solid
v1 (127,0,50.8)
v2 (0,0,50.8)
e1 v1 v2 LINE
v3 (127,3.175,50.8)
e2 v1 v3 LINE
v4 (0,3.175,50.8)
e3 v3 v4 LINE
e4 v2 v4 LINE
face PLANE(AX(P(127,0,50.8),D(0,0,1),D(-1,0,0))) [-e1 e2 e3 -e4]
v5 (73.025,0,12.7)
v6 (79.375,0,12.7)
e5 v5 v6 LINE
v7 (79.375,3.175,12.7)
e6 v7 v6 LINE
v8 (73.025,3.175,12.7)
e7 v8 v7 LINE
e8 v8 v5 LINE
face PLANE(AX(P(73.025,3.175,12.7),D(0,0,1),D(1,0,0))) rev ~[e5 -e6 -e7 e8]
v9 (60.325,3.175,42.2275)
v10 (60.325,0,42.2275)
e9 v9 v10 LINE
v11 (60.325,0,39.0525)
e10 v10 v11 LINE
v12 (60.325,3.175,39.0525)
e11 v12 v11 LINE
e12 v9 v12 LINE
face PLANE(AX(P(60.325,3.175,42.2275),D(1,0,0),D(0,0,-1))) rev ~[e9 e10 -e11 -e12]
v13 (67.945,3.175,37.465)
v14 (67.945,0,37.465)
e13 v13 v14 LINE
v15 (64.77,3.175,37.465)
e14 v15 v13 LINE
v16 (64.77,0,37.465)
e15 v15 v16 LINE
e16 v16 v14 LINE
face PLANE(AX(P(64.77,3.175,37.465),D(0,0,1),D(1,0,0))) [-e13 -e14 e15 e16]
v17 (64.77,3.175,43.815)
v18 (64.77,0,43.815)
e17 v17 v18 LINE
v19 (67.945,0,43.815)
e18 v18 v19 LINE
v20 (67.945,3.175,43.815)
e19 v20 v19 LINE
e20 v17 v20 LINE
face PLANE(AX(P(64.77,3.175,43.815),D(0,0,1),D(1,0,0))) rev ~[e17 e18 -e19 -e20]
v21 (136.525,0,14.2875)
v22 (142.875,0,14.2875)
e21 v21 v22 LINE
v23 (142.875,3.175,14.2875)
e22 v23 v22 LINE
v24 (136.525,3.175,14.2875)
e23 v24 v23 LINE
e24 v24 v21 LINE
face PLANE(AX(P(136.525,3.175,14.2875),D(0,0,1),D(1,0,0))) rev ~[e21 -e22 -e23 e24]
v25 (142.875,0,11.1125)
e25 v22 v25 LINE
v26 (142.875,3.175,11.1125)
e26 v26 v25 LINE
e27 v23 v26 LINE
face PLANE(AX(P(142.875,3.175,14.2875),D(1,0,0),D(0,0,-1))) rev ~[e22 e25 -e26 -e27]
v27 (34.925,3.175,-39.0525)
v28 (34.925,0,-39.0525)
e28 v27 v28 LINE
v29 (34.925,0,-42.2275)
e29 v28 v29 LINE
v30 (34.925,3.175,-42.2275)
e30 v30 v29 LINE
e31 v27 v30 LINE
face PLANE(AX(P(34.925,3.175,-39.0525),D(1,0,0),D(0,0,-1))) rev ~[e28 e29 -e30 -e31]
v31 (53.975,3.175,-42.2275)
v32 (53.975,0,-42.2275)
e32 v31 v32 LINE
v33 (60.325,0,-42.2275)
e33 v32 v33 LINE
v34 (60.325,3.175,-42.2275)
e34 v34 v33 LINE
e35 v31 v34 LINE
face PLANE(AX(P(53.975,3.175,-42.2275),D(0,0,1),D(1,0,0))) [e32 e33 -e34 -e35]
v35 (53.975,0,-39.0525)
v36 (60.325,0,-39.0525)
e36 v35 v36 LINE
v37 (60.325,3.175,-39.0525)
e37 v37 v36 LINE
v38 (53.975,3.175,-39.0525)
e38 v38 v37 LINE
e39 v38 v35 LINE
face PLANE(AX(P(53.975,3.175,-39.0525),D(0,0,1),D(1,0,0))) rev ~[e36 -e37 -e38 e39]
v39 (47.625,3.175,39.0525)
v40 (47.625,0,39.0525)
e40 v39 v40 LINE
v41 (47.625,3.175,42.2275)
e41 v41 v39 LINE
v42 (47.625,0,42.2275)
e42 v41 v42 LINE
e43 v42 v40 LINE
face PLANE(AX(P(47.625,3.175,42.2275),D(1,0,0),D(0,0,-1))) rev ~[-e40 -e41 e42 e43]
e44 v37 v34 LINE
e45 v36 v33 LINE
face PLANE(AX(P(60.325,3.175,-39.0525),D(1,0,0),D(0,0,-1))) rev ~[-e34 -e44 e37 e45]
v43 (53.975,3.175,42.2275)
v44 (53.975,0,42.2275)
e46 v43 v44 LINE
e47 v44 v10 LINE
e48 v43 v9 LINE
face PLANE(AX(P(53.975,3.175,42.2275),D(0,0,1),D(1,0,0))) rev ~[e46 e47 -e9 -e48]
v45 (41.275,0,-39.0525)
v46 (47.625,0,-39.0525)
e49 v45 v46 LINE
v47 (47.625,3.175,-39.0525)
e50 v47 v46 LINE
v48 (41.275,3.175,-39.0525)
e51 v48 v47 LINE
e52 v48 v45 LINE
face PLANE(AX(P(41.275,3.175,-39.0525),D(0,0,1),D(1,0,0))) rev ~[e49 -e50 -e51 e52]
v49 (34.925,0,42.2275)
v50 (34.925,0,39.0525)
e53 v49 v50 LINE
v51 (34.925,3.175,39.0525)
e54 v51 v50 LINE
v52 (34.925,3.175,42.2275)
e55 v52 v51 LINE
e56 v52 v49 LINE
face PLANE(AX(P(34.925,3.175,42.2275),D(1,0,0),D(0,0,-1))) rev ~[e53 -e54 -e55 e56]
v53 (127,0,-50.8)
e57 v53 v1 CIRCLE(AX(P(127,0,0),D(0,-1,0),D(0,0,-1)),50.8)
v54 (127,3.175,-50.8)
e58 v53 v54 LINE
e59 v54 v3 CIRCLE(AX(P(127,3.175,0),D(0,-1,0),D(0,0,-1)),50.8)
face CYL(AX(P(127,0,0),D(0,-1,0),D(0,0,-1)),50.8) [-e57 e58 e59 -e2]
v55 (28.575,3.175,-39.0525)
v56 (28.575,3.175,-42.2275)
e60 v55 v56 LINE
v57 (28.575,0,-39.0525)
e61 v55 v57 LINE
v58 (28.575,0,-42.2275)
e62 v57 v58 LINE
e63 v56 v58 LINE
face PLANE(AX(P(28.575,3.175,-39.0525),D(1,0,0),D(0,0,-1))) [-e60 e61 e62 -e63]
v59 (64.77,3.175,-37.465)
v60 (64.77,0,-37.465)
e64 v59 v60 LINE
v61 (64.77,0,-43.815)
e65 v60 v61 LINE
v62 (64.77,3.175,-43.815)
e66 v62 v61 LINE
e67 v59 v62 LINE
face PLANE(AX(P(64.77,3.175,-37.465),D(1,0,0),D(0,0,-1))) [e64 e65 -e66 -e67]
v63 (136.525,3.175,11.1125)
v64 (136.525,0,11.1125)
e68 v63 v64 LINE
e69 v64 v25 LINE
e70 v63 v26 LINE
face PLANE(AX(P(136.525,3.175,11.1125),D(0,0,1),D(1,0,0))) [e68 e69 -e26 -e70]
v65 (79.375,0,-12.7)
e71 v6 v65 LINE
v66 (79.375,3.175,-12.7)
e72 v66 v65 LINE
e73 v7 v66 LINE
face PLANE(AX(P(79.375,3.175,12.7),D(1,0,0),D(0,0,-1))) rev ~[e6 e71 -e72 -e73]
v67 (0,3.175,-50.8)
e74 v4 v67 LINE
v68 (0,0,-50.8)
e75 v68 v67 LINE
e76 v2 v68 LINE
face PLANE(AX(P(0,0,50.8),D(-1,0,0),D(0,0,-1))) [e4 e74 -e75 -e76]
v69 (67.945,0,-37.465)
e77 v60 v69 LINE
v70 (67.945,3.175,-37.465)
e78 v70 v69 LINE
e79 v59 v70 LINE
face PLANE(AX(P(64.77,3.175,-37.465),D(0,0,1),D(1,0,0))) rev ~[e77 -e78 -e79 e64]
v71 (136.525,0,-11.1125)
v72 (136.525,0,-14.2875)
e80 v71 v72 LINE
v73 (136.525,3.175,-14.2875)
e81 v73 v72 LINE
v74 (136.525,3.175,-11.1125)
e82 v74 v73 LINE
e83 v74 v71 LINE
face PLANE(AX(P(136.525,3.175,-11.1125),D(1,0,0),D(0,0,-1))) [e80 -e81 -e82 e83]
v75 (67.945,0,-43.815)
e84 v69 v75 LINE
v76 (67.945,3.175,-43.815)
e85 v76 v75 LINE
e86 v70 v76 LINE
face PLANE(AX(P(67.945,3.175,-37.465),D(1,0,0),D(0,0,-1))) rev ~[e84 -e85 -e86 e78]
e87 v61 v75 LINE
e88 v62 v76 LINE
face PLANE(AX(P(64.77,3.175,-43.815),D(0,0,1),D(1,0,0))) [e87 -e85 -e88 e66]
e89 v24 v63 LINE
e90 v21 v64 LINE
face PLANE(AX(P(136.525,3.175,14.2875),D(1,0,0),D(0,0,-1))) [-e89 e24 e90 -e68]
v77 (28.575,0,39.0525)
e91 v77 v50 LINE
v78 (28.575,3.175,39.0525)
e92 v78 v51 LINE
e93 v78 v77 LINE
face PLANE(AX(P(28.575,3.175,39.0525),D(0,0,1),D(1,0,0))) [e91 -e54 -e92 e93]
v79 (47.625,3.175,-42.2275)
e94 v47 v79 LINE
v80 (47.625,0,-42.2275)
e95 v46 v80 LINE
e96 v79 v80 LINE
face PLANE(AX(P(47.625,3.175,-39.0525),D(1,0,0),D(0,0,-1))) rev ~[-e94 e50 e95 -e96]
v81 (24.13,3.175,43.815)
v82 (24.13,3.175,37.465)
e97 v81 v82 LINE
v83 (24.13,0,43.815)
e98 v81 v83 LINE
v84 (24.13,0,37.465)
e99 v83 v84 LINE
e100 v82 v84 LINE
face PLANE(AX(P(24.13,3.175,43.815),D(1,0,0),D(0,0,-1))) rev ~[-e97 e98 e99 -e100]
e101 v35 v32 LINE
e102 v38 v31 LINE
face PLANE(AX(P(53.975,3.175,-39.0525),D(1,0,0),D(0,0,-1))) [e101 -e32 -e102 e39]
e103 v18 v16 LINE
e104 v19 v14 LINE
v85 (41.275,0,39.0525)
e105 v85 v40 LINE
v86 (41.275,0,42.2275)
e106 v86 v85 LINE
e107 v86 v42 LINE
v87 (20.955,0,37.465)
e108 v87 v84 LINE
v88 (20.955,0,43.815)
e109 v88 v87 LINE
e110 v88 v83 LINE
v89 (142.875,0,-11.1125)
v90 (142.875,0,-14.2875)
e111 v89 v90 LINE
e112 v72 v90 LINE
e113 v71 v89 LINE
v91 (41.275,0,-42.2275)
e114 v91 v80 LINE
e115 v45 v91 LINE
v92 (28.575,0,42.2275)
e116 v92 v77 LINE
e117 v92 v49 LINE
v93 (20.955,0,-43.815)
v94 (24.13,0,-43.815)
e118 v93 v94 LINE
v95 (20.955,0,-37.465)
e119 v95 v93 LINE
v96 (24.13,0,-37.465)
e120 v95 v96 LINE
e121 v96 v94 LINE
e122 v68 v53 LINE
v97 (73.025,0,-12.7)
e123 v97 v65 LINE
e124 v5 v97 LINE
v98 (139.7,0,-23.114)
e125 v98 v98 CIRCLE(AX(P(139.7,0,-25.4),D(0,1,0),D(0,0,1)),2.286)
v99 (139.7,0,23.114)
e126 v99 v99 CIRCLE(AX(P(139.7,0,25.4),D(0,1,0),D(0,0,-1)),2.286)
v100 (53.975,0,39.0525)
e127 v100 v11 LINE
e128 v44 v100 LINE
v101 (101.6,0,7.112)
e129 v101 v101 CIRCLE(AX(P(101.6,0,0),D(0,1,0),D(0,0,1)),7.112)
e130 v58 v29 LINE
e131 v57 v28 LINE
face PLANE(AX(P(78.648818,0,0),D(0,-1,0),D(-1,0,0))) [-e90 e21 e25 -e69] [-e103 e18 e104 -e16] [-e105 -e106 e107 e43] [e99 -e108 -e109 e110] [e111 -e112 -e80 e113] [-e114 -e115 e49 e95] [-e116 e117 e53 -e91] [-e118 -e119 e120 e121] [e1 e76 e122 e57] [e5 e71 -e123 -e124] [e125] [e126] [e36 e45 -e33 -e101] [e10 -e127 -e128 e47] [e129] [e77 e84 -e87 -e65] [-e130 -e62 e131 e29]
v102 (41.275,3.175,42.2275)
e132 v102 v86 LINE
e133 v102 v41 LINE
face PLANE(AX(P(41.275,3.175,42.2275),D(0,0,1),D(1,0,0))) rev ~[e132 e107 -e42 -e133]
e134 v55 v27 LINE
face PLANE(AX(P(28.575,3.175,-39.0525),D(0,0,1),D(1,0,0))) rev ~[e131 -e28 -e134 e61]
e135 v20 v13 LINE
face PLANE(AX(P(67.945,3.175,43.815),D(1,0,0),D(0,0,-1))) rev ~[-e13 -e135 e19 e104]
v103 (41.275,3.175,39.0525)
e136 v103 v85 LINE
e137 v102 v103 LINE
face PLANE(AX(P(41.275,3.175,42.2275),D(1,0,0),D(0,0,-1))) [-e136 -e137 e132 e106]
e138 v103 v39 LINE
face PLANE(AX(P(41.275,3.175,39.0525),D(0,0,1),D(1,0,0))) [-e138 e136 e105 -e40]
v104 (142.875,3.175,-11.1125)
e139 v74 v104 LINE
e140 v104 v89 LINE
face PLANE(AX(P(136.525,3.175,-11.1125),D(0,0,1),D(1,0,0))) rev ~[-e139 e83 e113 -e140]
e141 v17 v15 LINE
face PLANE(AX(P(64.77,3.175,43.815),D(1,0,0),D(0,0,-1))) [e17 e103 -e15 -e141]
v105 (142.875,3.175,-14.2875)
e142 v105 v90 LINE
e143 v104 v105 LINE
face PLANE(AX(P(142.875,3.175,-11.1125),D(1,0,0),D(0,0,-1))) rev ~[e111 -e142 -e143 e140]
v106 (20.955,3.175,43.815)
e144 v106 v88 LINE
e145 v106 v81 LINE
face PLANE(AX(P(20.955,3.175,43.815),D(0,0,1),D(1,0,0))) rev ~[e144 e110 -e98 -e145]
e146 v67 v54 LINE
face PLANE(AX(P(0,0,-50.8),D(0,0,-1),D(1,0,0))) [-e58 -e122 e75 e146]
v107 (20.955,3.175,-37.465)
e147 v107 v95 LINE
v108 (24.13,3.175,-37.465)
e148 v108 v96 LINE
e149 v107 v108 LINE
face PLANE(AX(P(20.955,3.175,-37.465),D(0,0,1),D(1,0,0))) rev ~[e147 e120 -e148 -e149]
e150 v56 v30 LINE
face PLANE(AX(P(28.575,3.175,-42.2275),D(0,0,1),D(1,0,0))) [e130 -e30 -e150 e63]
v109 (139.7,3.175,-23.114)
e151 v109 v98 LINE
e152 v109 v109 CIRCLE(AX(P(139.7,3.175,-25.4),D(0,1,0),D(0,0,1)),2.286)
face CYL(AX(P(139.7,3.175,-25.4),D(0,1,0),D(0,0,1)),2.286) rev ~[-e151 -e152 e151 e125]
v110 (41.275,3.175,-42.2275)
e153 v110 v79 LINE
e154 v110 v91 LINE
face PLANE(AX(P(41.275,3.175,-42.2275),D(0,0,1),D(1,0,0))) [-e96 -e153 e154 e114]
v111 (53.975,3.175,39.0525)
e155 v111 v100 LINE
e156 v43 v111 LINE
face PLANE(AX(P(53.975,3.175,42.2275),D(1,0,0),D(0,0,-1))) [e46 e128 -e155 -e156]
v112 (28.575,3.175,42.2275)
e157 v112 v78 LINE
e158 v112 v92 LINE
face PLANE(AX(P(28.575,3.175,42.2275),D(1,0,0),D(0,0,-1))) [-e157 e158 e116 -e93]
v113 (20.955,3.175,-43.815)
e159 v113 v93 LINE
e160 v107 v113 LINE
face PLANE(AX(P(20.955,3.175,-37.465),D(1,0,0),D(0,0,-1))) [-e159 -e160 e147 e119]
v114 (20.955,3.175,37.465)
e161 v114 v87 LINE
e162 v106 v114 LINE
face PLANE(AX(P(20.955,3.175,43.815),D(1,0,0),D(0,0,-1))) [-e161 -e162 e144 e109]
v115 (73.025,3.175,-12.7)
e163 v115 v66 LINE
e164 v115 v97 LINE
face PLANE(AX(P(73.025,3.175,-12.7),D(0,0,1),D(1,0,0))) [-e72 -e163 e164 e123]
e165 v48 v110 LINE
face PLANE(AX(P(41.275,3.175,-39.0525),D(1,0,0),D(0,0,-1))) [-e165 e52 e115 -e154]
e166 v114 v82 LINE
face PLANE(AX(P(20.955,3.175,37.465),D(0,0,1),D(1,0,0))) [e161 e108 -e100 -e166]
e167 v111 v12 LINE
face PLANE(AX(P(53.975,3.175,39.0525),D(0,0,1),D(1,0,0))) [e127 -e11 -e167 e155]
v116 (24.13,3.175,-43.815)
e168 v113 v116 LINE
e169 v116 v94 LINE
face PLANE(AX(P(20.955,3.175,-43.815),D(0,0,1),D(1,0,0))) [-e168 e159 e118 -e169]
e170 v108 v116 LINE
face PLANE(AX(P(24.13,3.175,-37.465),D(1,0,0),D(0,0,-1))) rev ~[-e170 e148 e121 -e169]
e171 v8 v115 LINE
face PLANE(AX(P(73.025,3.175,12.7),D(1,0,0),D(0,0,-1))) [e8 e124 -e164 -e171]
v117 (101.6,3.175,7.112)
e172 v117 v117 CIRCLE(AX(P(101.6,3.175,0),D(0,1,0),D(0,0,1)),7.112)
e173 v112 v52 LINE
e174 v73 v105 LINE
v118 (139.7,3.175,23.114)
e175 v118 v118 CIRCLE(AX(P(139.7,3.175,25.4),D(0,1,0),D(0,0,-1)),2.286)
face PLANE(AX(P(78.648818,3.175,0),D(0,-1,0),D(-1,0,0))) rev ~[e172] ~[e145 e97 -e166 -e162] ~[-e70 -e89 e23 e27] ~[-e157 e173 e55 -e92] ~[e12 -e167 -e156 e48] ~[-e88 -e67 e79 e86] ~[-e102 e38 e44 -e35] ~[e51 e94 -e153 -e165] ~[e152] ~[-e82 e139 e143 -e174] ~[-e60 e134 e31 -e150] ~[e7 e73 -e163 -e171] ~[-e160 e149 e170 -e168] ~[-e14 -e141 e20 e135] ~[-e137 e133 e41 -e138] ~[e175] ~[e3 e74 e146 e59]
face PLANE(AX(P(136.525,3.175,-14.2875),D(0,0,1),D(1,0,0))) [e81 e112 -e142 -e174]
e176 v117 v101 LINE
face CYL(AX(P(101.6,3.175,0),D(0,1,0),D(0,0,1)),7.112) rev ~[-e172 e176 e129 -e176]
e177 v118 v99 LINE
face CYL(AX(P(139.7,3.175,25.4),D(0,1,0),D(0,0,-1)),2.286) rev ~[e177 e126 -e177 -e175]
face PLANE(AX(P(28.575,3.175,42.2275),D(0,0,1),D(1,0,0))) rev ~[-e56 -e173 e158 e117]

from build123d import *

# Parameters (mm, degrees)
BOSS_EXTRUDE1_DEPTH = 3.175
CUT_EXTRUDE2_REACH  = 186.942
SKETCH3_W           = 3.175
SKETCH3_H           = 6.35
CUT_EXTRUDE3_REACH  = 186.942
SKETCH4_R           = 2.286
SKETCH5_W           = 6.35
SKETCH5_H           = 3.175
CUT_EXTRUDE4_DEPTH  = 3.175
SKETCH6_W           = 6.35
SKETCH6_H           = 3.175
CUT_EXTRUDE5_DEPTH  = 3.175
SKETCH7_R           = 7.112
SKETCH7_W           = 6.35
SKETCH7_H           = 25.4
CUT_EXTRUDE6_DEPTH  = 3.175


with BuildPart() as part:
    # Sketch1 → Boss-Extrude1 (new body)
    with BuildSketch(Plane(origin=(0, 0, 0), x_dir=(1, 0, 0), z_dir=(0, 1, 0))):
        with BuildLine():
            Line((0, -50.8), (0, 50.8))
            Line((0, 50.8), (127, 50.8))
            ThreePointArc((127, 50.8), (177.8, 0), (127, -50.8))
            Line((127, -50.8), (0, -50.8))
        make_face()
    extrude(amount=BOSS_EXTRUDE1_DEPTH)

    # Sketch3 → Cut-Extrude2 (cut, up to next)
    with BuildSketch(Plane(origin=(0, 3.175, 0), x_dir=(1, 0, 0), z_dir=(0, 1, 0)), mode=Mode.PRIVATE) as cut_extrude2_sk1:
        with Locations((22.5425, 40.64)):
            Rectangle(SKETCH3_W, SKETCH3_H)
    cut_extrude2_tool1 = extrude(cut_extrude2_sk1.sketch, amount=-CUT_EXTRUDE2_REACH, mode=Mode.PRIVATE) & part.part
    # Sketch3 → Cut-Extrude2 (cut, up to next)
    with BuildSketch(Plane(origin=(0, 3.175, 0), x_dir=(1, 0, 0), z_dir=(0, 1, 0)), mode=Mode.PRIVATE) as cut_extrude2_sk2:
        with Locations((66.3575, 40.64)):
            Rectangle(SKETCH3_W, SKETCH3_H)
    cut_extrude2_tool2 = extrude(cut_extrude2_sk2.sketch, amount=-CUT_EXTRUDE2_REACH, mode=Mode.PRIVATE) & part.part
    # Sketch3 → Cut-Extrude2 (cut, up to next)
    with BuildSketch(Plane(origin=(0, 3.175, 0), x_dir=(1, 0, 0), z_dir=(0, 1, 0)), mode=Mode.PRIVATE) as cut_extrude2_sk3:
        with Locations((66.3575, -40.64)):
            Rectangle(SKETCH3_W, SKETCH3_H)
    cut_extrude2_tool3 = extrude(cut_extrude2_sk3.sketch, amount=-CUT_EXTRUDE2_REACH, mode=Mode.PRIVATE) & part.part
    # Sketch3 → Cut-Extrude2 (cut, up to next)
    with BuildSketch(Plane(origin=(0, 3.175, 0), x_dir=(1, 0, 0), z_dir=(0, 1, 0)), mode=Mode.PRIVATE) as cut_extrude2_sk4:
        with Locations((22.5425, -40.64)):
            Rectangle(SKETCH3_W, SKETCH3_H)
    cut_extrude2_tool4 = extrude(cut_extrude2_sk4.sketch, amount=-CUT_EXTRUDE2_REACH, mode=Mode.PRIVATE) & part.part
    add(cut_extrude2_tool1.solids().sort_by_distance((22.5425, 3.175, -40.64))[0], mode=Mode.SUBTRACT)
    add(cut_extrude2_tool2.solids().sort_by_distance((66.3575, 3.175, -40.64))[0], mode=Mode.SUBTRACT)
    add(cut_extrude2_tool3.solids().sort_by_distance((66.3575, 3.175, 40.64))[0], mode=Mode.SUBTRACT)
    add(cut_extrude2_tool4.solids().sort_by_distance((22.5425, 3.175, 40.64))[0], mode=Mode.SUBTRACT)

    # Sketch4 → Cut-Extrude3 (cut, up to next)
    with BuildSketch(Plane(origin=(0, 3.175, 0), x_dir=(1, 0, 0), z_dir=(0, 1, 0)), mode=Mode.PRIVATE) as cut_extrude3_sk1:
        with Locations(Location((139.7, 25.4, 0), (0, 0, 270))):
            Circle(SKETCH4_R)
    cut_extrude3_tool1 = extrude(cut_extrude3_sk1.sketch, amount=-CUT_EXTRUDE3_REACH, mode=Mode.PRIVATE) & part.part
    # Sketch4 → Cut-Extrude3 (cut, up to next)
    with BuildSketch(Plane(origin=(0, 3.175, 0), x_dir=(1, 0, 0), z_dir=(0, 1, 0)), mode=Mode.PRIVATE) as cut_extrude3_sk2:
        with Locations(Location((139.7, -25.4, 0), (0, 0, 90))):
            Circle(SKETCH4_R)
    cut_extrude3_tool2 = extrude(cut_extrude3_sk2.sketch, amount=-CUT_EXTRUDE3_REACH, mode=Mode.PRIVATE) & part.part
    add(cut_extrude3_tool1.solids().sort_by_distance((139.7, 3.175, -25.4))[0], mode=Mode.SUBTRACT)
    add(cut_extrude3_tool2.solids().sort_by_distance((139.7, 3.175, 25.4))[0], mode=Mode.SUBTRACT)

    # Sketch5 → Cut-Extrude4 (cut)
    with BuildSketch(Plane(origin=(0, 3.175, 0), x_dir=(1, 0, 0), z_dir=(0, 1, 0))):
        with Locations((139.7, -12.7)):
            Rectangle(SKETCH5_W, SKETCH5_H)
        with Locations((139.7, 12.7)):
            Rectangle(SKETCH5_W, SKETCH5_H)
    extrude(amount=-CUT_EXTRUDE4_DEPTH, mode=Mode.SUBTRACT)

    # Sketch6 → Cut-Extrude5 (cut)
    with BuildSketch(Plane(origin=(0, 3.175, 0), x_dir=(1, 0, 0), z_dir=(0, 1, 0))):
        with Locations((44.45, 40.64)):
            Rectangle(SKETCH6_W, SKETCH6_H)
        with Locations((44.45, -40.64)):
            Rectangle(SKETCH6_W, SKETCH6_H)
        with Locations((57.15, 40.64)):
            Rectangle(SKETCH6_W, SKETCH6_H)
        with Locations((31.75, 40.64)):
            Rectangle(SKETCH6_W, SKETCH6_H)
        with Locations((31.75, -40.64)):
            Rectangle(SKETCH6_W, SKETCH6_H)
        with Locations((57.15, -40.64)):
            Rectangle(SKETCH6_W, SKETCH6_H)
    extrude(amount=-CUT_EXTRUDE5_DEPTH, mode=Mode.SUBTRACT)

    # Sketch7 → Cut-Extrude6 (cut)
    with BuildSketch(Plane(origin=(0, 3.175, 0), x_dir=(1, 0, 0), z_dir=(0, 1, 0))):
        with Locations(Location((101.6, 0, 0), (0, 0, 270))):
            Circle(SKETCH7_R)
        with Locations((76.2, 0)):
            Rectangle(SKETCH7_W, SKETCH7_H)
    extrude(amount=-CUT_EXTRUDE6_DEPTH, mode=Mode.SUBTRACT)


solid = part.part
